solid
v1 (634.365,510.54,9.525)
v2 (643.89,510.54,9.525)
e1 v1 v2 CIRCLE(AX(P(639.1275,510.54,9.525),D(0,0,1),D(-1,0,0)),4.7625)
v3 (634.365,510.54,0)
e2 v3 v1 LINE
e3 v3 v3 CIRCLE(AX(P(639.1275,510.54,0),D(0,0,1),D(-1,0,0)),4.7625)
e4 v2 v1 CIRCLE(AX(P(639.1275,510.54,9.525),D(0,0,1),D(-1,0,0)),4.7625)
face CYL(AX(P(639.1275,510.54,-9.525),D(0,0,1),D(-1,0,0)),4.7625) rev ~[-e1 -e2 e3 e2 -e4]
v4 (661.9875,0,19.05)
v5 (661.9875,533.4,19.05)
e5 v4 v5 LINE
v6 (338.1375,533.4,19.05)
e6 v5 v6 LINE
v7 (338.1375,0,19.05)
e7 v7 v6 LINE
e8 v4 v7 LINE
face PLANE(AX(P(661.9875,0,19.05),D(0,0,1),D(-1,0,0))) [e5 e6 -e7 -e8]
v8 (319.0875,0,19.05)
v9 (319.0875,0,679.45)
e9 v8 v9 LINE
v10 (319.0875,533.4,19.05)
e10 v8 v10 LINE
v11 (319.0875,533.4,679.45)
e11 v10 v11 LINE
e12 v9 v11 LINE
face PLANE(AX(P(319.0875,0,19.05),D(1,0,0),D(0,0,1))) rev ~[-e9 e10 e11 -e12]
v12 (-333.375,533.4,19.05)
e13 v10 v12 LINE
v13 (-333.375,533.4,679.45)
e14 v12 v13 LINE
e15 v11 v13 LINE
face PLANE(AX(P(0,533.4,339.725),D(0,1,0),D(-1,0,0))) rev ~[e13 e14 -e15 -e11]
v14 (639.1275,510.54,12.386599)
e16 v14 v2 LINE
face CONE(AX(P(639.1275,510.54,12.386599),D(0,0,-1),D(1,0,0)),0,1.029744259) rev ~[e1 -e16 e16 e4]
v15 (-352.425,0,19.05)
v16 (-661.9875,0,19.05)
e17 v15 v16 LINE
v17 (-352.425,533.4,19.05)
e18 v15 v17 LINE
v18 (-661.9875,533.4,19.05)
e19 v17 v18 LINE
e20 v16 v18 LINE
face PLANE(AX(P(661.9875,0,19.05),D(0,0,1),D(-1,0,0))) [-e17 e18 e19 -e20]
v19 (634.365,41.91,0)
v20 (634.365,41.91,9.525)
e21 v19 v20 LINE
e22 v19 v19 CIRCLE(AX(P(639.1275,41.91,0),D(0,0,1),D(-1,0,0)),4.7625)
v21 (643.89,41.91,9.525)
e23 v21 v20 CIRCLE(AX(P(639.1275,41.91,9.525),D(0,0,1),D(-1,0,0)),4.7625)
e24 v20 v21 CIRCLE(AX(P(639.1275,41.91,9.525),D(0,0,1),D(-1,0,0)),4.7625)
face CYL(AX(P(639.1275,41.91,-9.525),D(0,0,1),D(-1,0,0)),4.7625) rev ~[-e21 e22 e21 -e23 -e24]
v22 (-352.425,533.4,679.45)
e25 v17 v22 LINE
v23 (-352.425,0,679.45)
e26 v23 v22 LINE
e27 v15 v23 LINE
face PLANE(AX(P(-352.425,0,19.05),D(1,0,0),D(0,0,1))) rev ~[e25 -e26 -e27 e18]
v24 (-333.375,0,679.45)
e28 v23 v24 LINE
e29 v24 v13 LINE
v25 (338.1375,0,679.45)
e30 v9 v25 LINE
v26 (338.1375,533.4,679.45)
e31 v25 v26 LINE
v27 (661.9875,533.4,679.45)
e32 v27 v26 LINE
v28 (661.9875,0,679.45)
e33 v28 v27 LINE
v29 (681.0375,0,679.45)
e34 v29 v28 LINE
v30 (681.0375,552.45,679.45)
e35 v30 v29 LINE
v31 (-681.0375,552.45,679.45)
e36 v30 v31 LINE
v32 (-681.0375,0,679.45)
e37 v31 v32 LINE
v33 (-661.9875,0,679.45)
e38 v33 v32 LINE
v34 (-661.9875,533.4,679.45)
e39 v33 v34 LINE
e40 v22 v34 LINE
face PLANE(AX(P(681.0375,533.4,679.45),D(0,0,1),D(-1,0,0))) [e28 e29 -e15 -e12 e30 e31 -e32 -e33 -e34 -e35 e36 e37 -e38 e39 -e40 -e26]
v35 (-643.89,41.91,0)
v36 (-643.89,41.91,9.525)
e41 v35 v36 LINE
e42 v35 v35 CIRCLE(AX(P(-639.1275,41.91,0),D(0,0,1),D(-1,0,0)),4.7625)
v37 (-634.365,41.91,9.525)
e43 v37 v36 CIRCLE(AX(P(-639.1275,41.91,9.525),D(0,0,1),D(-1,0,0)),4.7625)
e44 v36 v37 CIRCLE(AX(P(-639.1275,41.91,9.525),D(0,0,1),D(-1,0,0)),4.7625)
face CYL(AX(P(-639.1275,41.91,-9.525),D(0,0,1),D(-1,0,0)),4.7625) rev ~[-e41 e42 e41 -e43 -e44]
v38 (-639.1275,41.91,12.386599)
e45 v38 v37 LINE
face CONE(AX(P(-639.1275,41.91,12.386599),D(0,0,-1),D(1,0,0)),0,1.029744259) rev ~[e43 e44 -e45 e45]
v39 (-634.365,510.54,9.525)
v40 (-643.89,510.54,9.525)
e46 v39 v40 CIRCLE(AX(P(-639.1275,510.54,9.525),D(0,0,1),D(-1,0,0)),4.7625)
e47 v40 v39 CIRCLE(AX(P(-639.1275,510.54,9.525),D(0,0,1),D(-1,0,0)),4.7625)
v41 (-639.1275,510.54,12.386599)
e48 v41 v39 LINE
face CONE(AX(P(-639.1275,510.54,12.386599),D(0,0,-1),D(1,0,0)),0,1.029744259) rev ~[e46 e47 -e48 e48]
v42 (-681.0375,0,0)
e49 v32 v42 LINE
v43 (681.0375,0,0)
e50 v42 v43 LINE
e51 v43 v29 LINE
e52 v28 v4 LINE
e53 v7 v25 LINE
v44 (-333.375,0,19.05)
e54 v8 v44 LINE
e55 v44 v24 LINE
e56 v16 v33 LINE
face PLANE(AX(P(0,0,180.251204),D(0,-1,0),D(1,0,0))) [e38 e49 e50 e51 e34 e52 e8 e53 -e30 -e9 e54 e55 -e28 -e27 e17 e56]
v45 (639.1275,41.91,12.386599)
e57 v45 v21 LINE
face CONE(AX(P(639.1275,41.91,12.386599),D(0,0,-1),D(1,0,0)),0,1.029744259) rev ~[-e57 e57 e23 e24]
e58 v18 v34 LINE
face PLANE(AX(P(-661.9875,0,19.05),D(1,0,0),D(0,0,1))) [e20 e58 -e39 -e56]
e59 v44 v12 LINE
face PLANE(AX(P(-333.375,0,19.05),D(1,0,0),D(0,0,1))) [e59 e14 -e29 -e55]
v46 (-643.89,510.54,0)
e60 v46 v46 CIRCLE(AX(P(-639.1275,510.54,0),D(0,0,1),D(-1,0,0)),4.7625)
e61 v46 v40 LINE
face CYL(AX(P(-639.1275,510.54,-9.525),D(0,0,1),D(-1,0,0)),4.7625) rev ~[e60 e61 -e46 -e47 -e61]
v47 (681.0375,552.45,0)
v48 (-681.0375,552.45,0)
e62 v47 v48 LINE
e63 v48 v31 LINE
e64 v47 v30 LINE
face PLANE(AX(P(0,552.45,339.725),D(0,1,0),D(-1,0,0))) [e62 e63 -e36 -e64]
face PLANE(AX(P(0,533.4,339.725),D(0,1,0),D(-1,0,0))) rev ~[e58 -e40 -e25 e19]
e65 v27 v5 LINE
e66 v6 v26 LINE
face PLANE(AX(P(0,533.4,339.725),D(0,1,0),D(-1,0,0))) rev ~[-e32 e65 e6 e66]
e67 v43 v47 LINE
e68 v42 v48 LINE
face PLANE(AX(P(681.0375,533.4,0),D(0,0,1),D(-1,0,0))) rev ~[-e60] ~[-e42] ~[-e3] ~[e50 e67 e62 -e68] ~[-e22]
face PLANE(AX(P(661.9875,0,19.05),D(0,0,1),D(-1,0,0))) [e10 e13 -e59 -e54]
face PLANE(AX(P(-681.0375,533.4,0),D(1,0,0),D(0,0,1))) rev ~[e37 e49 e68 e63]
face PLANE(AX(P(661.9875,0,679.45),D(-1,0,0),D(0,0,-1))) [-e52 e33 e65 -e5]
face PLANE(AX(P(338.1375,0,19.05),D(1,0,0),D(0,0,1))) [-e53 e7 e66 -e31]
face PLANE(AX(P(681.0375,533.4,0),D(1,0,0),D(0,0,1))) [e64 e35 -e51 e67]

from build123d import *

# Parameters (mm, degrees)
F1_DEPTH = 533.4
F2_W     = 1362.075
F2_H     = 679.45
F3_DEPTH = 19.05
F4_W     = 19.05
F4_H     = 660.4
F5_DEPTH = 533.4
F7_D     = 9.525
F7_DEPTH = 9.525
F7_TIP   = 2.8615986981


with BuildPart() as f1:
    # F0 (on Front) → F1 (new body)
    with BuildSketch(Plane.XZ):
        Polygon((-661.9875, 679.45), (-681.0375, 679.45), (-681.0375, 0), (681.0375, 0), (681.0375, 679.45), (661.9875, 679.45), (661.9875, 19.05), (-661.9875, 19.05), align=None)
    extrude(amount=-F1_DEPTH)

    # F2 (on face) → F3 (join)
    with BuildSketch(Plane(origin=(0, 533.4, 0), x_dir=(-1, 0, 0), z_dir=(0, 1, 0))):
        with Locations((0, 339.725)):
            Rectangle(F2_W, F2_H)
    extrude(amount=F3_DEPTH)

    # F4 (on face) → F5 (join, through all)
    with BuildSketch(Plane.XZ):
        with Locations((-342.9, 349.25)):
            Rectangle(F4_W, F4_H)
        with Locations((328.6125, 349.25)):
            Rectangle(F4_W, F4_H)
    extrude(amount=-F5_DEPTH)

    # F7
    with Locations(Plane(origin=(0, 0, 0), x_dir=(1, 0, 0), z_dir=(0, 0, -1))):
        with Locations((-639.1275, -41.91), (-639.1275, -510.54), (639.1275, -41.91), (639.1275, -510.54)):
            Hole(F7_D / 2, depth=F7_DEPTH)
            with Locations((0, 0, -(F7_DEPTH + F7_TIP / 2))):  # 118° drill point
                Cone(0, F7_D / 2, F7_TIP, mode=Mode.SUBTRACT)


solid = f1.part
